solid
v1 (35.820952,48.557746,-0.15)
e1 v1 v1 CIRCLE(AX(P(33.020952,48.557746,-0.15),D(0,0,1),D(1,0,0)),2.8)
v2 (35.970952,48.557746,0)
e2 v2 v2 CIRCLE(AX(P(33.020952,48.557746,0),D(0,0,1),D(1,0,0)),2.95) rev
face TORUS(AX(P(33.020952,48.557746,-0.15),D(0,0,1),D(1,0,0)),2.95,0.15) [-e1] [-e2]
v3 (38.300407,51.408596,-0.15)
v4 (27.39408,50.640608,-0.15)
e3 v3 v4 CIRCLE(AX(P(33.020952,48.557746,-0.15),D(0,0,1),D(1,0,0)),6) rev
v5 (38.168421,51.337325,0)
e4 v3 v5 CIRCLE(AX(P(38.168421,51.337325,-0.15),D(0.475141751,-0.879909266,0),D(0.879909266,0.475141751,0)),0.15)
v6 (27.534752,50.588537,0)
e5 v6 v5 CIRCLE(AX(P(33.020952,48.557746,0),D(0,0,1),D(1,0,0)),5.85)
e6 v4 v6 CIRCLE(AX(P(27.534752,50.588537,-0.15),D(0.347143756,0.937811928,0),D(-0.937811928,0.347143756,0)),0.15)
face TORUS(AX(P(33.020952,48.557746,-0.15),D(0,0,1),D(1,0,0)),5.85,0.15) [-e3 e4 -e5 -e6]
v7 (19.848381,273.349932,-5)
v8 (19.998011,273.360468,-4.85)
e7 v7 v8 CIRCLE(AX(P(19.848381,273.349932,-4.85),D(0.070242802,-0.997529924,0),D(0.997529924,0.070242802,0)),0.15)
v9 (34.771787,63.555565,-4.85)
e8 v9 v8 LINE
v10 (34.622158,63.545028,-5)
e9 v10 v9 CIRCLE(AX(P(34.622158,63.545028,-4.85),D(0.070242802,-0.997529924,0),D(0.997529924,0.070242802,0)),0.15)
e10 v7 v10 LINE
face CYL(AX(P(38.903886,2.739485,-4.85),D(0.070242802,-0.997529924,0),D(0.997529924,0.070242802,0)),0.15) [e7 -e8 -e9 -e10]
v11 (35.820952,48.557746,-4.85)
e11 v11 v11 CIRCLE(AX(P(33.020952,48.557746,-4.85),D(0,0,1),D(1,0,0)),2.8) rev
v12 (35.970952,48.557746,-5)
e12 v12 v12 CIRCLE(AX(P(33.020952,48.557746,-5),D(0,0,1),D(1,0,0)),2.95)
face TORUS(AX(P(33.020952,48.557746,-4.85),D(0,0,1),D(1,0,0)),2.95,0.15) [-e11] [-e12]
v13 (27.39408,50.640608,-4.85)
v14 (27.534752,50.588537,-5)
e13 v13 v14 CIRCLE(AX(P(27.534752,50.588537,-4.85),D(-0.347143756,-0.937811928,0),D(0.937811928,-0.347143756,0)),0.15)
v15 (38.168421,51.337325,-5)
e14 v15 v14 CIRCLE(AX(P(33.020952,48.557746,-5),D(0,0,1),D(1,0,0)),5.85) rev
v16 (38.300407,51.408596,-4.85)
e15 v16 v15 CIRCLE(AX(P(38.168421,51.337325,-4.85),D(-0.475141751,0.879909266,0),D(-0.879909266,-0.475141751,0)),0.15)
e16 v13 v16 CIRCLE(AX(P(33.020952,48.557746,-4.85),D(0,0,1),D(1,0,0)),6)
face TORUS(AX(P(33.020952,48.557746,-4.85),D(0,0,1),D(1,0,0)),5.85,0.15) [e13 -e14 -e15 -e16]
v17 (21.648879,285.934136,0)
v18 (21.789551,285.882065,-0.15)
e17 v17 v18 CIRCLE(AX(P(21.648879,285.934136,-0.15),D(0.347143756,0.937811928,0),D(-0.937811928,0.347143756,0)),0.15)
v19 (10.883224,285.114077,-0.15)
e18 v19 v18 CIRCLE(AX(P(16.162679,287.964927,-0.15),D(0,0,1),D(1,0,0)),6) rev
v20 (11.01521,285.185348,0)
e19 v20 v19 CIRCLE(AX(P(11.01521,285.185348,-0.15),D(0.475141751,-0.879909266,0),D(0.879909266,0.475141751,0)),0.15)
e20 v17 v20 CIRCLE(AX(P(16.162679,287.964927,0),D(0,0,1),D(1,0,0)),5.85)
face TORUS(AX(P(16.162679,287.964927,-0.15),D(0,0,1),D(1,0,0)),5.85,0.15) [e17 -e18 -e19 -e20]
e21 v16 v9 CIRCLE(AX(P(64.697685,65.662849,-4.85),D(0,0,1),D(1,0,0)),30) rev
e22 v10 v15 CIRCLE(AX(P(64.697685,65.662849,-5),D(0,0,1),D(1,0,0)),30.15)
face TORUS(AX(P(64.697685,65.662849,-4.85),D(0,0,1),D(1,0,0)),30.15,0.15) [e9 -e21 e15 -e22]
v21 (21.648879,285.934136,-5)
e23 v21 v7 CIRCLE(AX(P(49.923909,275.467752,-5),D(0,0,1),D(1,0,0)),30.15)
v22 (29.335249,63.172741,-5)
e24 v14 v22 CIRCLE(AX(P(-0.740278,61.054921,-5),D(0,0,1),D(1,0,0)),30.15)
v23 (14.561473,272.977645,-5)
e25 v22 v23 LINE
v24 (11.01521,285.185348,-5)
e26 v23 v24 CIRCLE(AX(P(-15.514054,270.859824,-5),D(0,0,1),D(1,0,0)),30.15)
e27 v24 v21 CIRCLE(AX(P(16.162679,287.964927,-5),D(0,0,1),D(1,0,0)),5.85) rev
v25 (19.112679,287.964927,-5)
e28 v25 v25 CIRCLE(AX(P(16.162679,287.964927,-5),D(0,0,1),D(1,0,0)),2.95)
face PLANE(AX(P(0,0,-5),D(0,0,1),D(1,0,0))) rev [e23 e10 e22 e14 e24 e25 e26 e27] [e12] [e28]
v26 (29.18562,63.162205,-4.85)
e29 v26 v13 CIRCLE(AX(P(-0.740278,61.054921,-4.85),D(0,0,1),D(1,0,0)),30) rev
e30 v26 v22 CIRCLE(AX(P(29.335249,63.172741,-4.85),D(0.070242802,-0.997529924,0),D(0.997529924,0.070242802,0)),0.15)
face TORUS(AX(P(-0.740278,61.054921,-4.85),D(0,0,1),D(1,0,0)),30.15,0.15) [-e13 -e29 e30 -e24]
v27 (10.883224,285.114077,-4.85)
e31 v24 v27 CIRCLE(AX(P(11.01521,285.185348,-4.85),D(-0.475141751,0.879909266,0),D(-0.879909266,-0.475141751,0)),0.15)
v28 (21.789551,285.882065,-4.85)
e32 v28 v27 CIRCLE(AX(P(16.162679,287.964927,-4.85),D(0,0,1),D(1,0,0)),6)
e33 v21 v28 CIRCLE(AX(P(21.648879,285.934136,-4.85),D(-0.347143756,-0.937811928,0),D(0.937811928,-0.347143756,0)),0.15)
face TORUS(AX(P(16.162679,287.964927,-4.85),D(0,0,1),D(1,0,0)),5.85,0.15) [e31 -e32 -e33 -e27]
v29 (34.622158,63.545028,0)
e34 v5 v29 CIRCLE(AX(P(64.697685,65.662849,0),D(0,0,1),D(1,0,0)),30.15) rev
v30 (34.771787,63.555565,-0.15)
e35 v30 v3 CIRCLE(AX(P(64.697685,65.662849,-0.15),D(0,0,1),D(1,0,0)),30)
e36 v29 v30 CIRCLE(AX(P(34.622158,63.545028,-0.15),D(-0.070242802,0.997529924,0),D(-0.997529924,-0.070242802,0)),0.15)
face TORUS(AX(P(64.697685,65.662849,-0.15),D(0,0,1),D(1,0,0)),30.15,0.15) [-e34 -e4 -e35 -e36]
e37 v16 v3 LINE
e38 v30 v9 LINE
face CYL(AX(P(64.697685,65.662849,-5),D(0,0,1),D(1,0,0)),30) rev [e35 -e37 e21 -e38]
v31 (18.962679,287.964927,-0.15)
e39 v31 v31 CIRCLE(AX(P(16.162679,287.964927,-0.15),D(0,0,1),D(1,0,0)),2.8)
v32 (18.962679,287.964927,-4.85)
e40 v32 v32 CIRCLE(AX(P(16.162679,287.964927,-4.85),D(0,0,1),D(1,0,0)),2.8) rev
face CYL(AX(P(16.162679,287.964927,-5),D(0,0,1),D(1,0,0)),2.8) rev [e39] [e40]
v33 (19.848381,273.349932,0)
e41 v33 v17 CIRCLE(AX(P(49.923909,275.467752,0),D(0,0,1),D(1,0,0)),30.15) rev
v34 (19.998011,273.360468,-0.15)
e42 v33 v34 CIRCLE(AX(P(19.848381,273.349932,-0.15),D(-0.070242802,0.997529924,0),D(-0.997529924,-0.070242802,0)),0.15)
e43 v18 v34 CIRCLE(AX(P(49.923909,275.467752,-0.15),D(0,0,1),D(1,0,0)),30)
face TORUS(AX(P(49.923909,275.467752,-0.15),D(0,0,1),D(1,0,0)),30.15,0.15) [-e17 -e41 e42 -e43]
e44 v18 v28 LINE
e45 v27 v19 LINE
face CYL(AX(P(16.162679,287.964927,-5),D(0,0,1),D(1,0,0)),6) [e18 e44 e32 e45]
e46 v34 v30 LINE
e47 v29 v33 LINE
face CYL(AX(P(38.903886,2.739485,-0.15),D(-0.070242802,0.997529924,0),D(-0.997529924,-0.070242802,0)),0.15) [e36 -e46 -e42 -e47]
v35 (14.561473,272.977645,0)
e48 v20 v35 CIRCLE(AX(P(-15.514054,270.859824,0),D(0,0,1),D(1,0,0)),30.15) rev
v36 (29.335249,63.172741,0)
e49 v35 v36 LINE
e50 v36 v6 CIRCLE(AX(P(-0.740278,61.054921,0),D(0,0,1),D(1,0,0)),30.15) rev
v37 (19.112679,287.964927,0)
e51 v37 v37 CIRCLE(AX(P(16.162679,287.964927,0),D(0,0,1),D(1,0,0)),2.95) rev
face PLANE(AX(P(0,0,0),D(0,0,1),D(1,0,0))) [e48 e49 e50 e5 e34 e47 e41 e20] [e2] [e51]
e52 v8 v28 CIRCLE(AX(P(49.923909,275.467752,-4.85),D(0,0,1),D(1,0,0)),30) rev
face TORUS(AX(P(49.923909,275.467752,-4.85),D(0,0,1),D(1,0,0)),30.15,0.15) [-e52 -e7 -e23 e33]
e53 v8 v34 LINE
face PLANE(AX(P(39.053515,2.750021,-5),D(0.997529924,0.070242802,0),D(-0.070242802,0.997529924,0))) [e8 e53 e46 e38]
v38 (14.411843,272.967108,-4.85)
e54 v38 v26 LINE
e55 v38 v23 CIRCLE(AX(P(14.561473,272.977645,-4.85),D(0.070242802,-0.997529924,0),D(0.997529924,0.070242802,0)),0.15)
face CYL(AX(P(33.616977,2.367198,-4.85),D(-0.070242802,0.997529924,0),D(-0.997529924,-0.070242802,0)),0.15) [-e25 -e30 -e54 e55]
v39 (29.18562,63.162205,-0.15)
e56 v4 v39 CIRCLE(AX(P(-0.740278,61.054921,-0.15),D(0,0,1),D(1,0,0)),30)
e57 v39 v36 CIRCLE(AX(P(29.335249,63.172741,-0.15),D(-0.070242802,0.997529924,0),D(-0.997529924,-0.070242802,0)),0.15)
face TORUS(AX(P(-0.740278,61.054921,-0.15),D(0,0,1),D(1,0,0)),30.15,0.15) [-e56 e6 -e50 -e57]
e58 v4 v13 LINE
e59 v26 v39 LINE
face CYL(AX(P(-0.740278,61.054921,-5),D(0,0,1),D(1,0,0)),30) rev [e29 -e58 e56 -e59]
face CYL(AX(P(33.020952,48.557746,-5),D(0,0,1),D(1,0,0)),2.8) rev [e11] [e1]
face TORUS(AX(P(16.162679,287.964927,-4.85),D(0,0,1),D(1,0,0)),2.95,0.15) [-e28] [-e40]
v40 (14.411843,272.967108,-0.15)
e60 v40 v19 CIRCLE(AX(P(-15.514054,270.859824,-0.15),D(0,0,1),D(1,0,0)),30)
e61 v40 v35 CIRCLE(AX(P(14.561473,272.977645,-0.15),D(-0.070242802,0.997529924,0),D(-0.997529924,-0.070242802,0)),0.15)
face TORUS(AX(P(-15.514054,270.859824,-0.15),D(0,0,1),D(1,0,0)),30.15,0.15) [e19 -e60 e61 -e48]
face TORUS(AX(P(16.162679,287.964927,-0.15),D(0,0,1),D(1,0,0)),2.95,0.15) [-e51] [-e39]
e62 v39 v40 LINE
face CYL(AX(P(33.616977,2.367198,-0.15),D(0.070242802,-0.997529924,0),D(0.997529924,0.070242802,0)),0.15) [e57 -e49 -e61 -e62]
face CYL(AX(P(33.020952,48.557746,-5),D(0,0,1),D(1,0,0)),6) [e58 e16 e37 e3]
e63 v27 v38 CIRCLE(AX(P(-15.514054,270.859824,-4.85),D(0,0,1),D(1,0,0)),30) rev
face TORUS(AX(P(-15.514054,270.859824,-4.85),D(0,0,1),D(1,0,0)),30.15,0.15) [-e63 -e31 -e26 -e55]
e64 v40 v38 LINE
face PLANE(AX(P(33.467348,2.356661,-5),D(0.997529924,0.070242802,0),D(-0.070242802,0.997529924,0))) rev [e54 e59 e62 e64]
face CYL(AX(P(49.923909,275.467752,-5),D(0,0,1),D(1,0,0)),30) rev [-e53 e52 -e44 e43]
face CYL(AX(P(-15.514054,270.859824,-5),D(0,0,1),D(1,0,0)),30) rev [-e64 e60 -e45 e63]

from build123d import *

# Parameters (mm, degrees)
BOSS_EXTRUDE1_DEPTH = 5
FILLET1_R           = 30
FILLET2_R           = 0.15


with BuildPart() as part:
    # Sketch1 → Boss-Extrude1 (new body)
    with BuildSketch(Plane.XY):
        with BuildLine():
            ThreePointArc((22.162679097, 287.964927424), (12.885637759, 292.990959663), (13.742345741, 282.47475562))
            Line((13.742345741, 282.47475562), (13.369595311, 287.768247578))
            ThreePointArc((13.369595311, 287.768247578), (15.965999252, 290.758011211), (18.955762884, 288.16160727))
            Line((18.955762884, 288.16160727), (19.328513314, 282.868115311))
            ThreePointArc((19.328513314, 282.868115311), (21.40648522, 285.049023216), (22.162679097, 287.964927424))
        make_face()
        with BuildLine():
            Line((13.369595311, 287.768247578), (13.742345741, 282.47475562))
            ThreePointArc((13.742345741, 282.47475562), (16.58413591, 281.979747882), (19.328513314, 282.868115311))
            Line((19.328513314, 282.868115311), (18.955762884, 288.16160727))
            ThreePointArc((18.955762884, 288.16160727), (16.359358943, 285.171843638), (13.369595311, 287.768247578))
        make_face()
        with BuildLine():
            ThreePointArc((35.814035392, 48.754425573), (33.217631451, 45.764661941), (30.227867819, 48.361065881))
            Line((30.227867819, 48.361065881), (29.855117389, 53.65455784))
            ThreePointArc((29.855117389, 53.65455784), (30.105047397, 43.313939605), (39.020951605, 48.557745727))
            ThreePointArc((39.020951605, 48.557745727), (38.046983844, 51.834787065), (35.441284962, 54.047917532))
            Line((35.441284962, 54.047917532), (35.814035392, 48.754425573))
        make_face()
        with BuildLine():
            Line((29.855117389, 53.65455784), (30.227867819, 48.361065881))
            ThreePointArc((30.227867819, 48.361065881), (32.824271759, 51.350829514), (35.814035392, 48.754425573))
            Line((35.814035392, 48.754425573), (35.441284962, 54.047917532))
            ThreePointArc((35.441284962, 54.047917532), (32.599494793, 54.54292527), (29.855117389, 53.65455784))
        make_face()
        with BuildLine():
            Line((13.742345741, 282.47475562), (29.855117389, 53.65455784))
            ThreePointArc((29.855117389, 53.65455784), (32.599494793, 54.54292527), (35.441284962, 54.047917532))
            Line((35.441284962, 54.047917532), (19.328513314, 282.868115311))
            ThreePointArc((19.328513314, 282.868115311), (16.58413591, 281.979747882), (13.742345741, 282.47475562))
        make_face()
    extrude(amount=-BOSS_EXTRUDE1_DEPTH)

    # Fillet1
    fillet1_edges = [part.edges().sort_by_distance(p)[0] for p in [
        (29.855117389, 53.65455784, -2.5),
        (13.742345741, 282.47475562, -2.5),
        (19.328513314, 282.868115311, -2.5),
        (35.441284962, 54.047917532, -2.5),
    ]]
    fillet(fillet1_edges, radius=FILLET1_R)

    # Fillet2
    fillet2_edges = [part.edges().sort_by_distance(p)[0] for p in [
        (27.384899138, 168.458016422, 0),
        (27.384899138, 168.458016422, -5),
        (15.741222285, 293.950106967, 0),
        (15.741222285, 293.950106967, -5),
        (18.955762884, 288.16160727, -5),
        (21.798731565, 168.06465673, 0),
        (21.798731565, 168.06465673, -5),
        (31.962941543, 42.651764462, 0),
        (31.962941543, 42.651764462, -5),
        (20.226334284, 279.716762081, 0),
        (20.226334284, 279.716762081, -5),
        (13.295010771, 279.228680898, 0),
        (35.814035392, 48.754425573, -5),
        (13.295010771, 279.228680898, -5),
        (28.957296418, 56.80591107, 0),
        (28.957296418, 56.80591107, -5),
        (35.888619932, 57.293992254, 0),
        (35.888619932, 57.293992254, -5),
        (35.814035392, 48.754425573, 0),
        (18.955762884, 288.16160727, 0),
    ]]
    fillet(fillet2_edges, radius=FILLET2_R)


solid = part.part
